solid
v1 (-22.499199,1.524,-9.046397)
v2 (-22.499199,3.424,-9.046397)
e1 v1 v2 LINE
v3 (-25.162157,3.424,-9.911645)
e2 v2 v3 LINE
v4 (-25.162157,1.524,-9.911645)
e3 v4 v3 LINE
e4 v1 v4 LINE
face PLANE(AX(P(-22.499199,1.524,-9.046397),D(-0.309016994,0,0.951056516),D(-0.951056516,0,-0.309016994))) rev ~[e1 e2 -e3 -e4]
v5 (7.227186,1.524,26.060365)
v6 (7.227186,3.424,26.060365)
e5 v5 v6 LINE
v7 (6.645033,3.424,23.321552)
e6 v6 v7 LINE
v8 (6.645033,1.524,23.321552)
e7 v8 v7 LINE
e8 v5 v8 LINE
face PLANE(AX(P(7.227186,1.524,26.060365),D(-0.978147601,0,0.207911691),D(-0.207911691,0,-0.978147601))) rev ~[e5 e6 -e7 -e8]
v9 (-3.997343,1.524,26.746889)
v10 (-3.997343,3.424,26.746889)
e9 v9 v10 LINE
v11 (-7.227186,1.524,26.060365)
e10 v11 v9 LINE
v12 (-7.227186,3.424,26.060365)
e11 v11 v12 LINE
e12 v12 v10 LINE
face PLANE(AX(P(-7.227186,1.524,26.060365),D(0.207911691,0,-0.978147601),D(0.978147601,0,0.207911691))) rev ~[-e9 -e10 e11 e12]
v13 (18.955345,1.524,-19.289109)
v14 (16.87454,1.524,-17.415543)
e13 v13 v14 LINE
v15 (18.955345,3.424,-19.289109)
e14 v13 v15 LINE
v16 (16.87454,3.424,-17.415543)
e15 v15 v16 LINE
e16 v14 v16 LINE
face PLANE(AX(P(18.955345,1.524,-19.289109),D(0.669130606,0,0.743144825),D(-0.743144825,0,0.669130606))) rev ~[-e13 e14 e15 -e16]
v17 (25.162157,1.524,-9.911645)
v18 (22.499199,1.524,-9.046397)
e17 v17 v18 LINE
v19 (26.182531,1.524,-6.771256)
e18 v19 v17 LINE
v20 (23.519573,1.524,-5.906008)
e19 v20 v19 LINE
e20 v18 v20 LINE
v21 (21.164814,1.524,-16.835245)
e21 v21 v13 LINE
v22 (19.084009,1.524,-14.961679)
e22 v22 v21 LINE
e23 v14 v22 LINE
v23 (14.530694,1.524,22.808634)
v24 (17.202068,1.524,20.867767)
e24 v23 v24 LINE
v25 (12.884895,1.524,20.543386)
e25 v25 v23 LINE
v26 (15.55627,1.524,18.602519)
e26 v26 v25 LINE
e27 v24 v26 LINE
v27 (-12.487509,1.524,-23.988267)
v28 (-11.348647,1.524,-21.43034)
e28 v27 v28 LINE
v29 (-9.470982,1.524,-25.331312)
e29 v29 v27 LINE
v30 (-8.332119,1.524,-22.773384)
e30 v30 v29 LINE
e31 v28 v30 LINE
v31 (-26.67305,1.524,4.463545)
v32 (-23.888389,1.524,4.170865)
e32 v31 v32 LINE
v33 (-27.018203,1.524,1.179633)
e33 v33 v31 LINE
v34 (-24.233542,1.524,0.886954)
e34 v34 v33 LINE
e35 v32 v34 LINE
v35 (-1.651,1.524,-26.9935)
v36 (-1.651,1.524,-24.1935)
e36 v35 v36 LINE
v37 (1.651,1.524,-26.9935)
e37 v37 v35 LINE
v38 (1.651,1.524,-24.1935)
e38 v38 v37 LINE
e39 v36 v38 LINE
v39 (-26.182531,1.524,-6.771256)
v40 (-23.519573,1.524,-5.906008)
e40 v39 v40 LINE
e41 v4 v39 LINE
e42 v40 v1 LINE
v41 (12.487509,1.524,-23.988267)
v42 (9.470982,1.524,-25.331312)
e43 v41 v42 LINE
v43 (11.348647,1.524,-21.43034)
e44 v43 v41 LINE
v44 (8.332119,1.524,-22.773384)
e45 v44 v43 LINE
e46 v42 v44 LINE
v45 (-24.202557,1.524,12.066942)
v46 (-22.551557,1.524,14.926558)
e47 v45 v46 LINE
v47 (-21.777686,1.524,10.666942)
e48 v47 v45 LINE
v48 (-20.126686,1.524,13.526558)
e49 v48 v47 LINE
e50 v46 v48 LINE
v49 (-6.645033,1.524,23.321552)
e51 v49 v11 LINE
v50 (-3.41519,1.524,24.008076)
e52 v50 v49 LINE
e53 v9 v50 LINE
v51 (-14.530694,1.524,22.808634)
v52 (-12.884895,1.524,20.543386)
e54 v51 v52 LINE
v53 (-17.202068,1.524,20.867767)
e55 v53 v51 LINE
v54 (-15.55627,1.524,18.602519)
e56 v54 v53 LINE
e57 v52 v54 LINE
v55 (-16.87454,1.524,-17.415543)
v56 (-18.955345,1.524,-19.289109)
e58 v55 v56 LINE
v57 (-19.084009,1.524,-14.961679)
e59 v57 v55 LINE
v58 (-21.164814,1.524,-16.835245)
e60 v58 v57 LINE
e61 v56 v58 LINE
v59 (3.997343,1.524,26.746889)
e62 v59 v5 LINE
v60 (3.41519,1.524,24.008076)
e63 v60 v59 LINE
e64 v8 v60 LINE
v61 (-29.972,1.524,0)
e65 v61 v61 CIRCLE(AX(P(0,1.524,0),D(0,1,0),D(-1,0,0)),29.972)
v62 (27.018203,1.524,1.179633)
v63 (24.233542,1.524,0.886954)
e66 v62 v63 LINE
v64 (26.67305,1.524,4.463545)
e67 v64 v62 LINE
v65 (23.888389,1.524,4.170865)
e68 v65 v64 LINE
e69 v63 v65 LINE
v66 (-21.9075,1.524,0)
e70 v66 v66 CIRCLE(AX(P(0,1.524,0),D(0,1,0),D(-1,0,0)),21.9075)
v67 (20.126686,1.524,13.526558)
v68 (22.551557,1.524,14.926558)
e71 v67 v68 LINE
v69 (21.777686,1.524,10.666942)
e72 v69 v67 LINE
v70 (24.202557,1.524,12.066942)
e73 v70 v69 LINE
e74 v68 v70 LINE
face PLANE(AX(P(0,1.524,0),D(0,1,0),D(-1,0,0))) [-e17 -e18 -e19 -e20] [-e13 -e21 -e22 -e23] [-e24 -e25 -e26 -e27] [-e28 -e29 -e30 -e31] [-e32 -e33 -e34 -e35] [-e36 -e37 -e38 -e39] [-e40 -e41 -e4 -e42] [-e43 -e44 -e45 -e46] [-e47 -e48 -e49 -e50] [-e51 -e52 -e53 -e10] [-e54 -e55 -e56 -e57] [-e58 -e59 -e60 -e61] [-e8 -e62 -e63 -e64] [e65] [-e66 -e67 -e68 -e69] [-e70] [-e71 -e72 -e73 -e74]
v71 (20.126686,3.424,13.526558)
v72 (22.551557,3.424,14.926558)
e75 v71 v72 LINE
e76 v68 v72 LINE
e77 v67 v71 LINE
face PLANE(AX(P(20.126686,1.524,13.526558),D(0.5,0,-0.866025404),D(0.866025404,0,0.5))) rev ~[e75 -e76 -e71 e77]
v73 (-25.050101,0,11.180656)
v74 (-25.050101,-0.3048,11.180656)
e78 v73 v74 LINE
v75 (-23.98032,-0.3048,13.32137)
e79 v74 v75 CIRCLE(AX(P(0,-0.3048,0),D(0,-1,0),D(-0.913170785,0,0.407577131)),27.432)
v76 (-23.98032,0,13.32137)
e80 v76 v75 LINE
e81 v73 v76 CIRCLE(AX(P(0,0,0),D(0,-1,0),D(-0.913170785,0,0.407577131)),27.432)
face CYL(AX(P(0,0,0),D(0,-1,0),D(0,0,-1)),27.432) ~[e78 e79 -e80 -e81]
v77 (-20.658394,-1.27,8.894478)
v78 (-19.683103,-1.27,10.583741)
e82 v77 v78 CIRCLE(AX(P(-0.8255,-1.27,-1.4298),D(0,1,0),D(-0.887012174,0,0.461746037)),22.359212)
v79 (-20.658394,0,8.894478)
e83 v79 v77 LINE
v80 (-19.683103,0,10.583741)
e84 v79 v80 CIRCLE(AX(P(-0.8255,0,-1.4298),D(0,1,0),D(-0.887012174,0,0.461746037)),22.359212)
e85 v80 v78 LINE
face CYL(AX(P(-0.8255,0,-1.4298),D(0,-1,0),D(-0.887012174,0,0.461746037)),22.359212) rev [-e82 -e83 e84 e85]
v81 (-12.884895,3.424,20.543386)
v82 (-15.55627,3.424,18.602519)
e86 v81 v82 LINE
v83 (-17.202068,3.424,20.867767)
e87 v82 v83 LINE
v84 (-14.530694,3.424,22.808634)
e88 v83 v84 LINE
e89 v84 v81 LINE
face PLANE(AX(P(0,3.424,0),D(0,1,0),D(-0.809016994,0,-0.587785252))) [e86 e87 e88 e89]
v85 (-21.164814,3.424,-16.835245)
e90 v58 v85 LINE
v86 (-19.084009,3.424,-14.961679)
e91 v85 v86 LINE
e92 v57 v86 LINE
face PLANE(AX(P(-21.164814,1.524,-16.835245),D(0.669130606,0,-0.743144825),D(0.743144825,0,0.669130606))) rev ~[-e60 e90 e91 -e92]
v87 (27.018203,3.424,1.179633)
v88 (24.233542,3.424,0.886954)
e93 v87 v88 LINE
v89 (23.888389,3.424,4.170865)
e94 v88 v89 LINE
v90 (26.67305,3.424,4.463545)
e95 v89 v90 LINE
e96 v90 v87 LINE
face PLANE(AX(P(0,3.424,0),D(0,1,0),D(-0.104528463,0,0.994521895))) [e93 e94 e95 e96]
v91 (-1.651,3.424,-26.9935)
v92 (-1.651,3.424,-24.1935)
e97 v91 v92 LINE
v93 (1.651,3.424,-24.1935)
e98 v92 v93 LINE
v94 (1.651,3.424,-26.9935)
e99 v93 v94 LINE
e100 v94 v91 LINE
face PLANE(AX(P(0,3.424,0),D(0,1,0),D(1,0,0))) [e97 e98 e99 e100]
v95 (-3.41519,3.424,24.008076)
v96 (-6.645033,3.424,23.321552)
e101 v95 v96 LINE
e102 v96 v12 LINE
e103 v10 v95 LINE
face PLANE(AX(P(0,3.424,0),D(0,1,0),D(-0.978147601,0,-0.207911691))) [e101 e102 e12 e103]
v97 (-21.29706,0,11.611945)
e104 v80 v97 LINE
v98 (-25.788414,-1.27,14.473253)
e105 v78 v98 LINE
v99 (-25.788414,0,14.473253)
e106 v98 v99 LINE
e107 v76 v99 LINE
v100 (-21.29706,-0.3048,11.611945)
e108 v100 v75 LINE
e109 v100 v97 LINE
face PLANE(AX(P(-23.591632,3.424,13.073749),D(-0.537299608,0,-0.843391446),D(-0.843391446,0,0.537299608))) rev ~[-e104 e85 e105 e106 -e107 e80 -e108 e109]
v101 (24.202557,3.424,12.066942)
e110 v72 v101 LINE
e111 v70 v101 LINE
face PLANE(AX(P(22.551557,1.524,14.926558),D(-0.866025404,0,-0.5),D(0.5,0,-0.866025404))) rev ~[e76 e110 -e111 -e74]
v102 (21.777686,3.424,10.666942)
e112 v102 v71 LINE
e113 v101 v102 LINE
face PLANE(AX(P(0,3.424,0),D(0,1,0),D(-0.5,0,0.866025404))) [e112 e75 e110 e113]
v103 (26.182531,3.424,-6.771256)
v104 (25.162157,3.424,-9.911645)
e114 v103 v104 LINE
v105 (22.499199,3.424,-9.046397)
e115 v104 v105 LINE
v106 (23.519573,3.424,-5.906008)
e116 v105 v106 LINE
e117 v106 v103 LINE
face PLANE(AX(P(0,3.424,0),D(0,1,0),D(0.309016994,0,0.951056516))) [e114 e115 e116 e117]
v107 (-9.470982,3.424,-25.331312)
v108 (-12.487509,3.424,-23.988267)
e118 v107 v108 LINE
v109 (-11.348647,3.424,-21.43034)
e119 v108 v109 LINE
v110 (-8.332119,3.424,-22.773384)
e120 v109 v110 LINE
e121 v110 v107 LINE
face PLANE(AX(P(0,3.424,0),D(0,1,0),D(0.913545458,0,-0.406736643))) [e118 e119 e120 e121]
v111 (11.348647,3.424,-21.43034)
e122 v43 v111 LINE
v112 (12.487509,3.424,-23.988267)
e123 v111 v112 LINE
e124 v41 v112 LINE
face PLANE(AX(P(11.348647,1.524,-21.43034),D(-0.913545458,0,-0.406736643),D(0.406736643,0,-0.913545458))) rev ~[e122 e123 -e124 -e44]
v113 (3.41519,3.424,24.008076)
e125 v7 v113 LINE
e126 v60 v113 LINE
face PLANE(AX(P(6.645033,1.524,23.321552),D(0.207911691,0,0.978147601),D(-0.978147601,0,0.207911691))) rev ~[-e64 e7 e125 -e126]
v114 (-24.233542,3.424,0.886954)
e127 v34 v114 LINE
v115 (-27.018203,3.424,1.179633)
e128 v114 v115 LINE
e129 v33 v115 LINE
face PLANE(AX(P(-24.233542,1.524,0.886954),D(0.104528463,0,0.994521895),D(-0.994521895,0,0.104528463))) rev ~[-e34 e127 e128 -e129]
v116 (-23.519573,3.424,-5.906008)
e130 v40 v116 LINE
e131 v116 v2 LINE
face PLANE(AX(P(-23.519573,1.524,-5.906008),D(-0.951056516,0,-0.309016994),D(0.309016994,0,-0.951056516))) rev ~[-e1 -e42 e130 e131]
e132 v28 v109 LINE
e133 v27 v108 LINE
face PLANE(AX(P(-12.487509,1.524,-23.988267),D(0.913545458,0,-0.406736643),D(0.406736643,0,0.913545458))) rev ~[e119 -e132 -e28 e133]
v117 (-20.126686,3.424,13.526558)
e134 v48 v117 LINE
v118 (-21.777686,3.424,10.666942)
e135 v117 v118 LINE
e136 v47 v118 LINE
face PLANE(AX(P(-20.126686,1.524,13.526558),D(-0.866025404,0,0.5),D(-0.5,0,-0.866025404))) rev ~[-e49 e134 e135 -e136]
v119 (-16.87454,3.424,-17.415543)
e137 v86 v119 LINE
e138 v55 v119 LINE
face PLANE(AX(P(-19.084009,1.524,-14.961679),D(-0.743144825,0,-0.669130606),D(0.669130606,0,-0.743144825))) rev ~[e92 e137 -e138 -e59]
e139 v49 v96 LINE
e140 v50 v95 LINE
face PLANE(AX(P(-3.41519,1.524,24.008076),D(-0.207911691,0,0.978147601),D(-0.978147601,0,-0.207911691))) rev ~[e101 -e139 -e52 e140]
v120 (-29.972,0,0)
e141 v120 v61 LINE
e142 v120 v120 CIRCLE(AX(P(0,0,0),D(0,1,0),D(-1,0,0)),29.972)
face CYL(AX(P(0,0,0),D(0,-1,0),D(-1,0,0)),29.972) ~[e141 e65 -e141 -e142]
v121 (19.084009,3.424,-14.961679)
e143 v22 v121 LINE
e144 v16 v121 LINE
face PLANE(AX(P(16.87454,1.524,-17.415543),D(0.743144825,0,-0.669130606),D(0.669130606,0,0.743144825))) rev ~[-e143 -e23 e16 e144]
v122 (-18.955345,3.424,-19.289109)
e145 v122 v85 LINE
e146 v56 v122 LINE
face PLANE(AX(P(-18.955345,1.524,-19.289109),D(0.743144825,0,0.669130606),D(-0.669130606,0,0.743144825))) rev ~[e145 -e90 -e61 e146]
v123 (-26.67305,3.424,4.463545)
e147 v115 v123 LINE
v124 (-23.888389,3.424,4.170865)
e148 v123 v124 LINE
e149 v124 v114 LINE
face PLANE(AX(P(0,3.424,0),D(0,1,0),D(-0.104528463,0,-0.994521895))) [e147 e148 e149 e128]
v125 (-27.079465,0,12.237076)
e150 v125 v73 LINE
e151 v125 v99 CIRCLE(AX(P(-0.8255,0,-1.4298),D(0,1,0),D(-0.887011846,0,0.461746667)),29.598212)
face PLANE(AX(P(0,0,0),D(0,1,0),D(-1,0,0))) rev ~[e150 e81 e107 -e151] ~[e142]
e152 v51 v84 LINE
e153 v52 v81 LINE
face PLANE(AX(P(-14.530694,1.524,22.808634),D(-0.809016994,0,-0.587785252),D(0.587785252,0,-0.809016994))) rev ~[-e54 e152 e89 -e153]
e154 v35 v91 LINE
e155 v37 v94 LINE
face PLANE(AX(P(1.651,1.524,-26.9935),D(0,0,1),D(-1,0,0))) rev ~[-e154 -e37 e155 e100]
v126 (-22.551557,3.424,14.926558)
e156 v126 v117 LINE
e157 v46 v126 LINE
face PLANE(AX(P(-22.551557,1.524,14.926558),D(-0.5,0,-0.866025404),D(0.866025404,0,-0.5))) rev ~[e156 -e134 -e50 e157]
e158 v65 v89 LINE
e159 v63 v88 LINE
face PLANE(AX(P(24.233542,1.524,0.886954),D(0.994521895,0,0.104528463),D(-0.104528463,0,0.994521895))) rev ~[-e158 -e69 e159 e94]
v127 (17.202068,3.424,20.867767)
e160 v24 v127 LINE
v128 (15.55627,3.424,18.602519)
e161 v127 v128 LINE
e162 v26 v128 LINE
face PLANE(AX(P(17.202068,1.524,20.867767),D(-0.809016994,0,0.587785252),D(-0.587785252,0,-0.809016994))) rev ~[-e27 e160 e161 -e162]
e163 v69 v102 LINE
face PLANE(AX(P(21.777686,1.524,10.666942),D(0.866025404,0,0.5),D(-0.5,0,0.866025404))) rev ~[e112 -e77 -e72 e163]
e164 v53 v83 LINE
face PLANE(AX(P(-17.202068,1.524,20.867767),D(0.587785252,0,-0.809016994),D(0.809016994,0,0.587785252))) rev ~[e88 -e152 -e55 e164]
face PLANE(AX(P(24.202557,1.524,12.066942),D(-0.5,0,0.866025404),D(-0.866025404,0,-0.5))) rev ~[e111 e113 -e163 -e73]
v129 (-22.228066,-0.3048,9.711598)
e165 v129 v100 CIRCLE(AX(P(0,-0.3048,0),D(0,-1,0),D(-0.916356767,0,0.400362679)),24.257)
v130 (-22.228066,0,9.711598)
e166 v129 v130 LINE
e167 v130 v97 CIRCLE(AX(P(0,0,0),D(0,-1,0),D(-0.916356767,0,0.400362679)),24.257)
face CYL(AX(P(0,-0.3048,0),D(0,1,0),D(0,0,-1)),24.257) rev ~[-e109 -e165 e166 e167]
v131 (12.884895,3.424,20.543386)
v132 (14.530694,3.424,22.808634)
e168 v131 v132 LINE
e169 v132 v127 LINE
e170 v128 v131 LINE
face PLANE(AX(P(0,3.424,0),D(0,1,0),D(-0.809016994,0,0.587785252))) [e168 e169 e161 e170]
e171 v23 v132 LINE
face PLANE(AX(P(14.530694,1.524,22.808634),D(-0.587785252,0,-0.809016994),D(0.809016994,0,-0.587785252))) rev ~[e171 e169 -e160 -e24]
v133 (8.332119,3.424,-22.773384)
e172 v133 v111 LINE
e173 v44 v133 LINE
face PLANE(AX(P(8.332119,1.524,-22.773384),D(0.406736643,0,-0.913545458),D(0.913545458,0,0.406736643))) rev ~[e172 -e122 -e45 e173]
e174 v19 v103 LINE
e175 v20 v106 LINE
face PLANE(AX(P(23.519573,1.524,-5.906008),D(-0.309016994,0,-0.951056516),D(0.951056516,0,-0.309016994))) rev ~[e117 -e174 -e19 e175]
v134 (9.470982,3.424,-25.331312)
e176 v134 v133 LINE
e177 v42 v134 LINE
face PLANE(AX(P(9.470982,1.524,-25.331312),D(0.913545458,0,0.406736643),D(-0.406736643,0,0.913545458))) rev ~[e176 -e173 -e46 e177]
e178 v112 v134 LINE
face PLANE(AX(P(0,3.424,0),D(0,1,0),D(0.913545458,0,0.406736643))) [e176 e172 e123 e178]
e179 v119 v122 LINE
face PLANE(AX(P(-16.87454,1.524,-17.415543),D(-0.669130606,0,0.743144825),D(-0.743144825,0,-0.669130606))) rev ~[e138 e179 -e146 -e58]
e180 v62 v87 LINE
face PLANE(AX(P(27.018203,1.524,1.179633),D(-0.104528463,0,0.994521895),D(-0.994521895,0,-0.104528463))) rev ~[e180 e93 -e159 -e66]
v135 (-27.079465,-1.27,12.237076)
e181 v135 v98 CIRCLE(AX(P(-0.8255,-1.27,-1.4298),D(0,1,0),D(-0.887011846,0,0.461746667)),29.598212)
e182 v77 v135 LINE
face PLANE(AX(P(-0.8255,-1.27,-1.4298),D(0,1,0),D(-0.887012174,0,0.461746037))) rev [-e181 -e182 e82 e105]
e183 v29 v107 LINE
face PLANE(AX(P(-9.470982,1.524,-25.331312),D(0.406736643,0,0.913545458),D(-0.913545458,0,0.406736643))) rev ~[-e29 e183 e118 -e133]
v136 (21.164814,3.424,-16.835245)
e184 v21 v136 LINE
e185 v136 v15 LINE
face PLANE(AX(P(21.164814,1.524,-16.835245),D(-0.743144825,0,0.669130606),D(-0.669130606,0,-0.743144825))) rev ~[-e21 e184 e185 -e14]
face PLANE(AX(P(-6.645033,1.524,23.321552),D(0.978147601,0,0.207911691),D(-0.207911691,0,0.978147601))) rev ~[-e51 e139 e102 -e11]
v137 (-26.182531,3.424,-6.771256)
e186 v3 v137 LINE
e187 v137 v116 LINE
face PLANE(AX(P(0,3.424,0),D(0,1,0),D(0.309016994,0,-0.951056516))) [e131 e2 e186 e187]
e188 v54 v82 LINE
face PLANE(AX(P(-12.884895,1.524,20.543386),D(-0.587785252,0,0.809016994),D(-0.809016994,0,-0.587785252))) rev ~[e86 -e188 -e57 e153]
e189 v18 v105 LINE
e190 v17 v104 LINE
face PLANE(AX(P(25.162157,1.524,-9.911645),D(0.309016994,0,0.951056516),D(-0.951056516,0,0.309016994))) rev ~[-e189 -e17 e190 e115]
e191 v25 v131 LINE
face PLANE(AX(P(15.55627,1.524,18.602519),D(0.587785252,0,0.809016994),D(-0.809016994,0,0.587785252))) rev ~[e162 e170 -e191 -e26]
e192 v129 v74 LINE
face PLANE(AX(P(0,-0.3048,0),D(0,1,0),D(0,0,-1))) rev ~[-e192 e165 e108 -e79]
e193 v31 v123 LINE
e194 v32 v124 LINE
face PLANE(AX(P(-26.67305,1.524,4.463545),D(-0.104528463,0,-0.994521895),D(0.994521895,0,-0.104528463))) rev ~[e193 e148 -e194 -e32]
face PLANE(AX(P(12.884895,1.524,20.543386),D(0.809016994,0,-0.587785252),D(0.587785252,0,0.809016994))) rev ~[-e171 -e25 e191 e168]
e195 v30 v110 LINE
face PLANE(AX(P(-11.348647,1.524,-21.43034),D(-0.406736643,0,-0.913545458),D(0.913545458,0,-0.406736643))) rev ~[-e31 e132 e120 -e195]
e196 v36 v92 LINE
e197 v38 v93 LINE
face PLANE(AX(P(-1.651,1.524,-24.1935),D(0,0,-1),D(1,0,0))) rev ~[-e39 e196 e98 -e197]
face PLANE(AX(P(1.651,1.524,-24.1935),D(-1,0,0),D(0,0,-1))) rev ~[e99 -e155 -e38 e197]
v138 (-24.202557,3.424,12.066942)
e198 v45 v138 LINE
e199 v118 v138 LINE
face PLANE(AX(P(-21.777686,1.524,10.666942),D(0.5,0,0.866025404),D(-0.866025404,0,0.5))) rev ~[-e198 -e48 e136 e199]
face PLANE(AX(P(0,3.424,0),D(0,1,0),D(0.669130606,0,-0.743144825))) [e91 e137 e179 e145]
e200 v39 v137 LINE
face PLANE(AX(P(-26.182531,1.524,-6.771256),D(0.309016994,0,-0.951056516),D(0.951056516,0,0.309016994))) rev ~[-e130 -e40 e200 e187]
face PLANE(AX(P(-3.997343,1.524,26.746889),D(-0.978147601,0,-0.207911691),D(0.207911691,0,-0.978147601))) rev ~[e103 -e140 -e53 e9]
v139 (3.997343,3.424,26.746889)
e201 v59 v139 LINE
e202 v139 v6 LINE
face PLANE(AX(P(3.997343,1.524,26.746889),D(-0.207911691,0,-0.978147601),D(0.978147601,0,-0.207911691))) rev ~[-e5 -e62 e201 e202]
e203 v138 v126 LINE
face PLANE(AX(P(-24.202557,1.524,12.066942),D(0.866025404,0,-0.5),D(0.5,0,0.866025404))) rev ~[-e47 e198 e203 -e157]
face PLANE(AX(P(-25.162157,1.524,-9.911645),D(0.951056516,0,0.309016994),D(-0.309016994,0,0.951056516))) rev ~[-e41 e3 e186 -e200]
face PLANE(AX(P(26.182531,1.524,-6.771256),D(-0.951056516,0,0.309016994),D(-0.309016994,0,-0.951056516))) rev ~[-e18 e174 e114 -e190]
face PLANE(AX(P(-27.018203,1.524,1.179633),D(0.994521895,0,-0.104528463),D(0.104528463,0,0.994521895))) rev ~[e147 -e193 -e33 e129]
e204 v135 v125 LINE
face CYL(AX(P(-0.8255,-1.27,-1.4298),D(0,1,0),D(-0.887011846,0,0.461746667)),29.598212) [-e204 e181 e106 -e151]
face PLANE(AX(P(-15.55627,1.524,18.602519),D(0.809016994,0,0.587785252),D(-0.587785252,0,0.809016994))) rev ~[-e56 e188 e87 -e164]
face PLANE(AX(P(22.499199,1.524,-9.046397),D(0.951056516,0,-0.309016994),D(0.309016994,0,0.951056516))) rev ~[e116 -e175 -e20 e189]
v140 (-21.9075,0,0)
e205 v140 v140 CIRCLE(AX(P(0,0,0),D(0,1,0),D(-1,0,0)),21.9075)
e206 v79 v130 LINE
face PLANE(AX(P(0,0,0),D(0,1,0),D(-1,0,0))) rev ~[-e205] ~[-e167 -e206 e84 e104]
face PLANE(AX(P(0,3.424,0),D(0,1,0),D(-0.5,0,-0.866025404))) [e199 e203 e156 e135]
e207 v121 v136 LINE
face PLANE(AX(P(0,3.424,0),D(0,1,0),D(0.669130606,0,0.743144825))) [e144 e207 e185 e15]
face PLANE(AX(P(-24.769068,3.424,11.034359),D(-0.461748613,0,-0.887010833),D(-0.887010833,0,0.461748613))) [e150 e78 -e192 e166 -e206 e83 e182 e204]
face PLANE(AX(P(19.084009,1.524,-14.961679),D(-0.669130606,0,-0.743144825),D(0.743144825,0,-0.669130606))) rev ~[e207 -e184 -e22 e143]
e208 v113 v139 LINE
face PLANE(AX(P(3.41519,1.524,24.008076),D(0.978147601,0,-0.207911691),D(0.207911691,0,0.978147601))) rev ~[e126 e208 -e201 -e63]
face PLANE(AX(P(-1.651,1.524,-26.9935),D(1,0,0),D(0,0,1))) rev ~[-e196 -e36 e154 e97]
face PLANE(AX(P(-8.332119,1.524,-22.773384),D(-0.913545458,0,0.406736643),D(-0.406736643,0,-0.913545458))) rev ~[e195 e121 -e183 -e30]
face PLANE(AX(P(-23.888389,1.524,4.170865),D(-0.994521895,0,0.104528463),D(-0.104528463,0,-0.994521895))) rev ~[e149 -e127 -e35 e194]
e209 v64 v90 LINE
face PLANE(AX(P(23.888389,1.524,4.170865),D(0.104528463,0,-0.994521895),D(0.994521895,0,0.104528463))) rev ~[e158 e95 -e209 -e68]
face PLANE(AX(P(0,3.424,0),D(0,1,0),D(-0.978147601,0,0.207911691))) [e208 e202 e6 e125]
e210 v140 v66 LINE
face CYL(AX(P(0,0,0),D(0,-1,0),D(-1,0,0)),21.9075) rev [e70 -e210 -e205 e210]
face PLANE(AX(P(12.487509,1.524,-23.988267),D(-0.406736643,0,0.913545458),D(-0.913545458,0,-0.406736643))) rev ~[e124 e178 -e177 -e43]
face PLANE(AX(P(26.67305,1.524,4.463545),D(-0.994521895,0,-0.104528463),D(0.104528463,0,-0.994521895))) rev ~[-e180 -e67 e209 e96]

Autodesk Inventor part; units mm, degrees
ref_plane "YZ Plane" through (0, 0, 0) normal (1, 0, 0) x (0, 1, 0)
ref_plane "XZ Plane" through (0, 0, 0) normal (0, 1, 0) x (-1, 0, 0)
ref_plane "XY Plane" through (0, 0, 0) normal (0, 0, 1) x (1, 0, 0)
sketch "Sketch1" plane through (0, 0, 0) normal (0, 1, 0) x (-1, 0, 0)
  circle A0 centre (0, 0) radius 21.9075
  circle A1 centre (0, 0) radius 29.972
  dimension "d0" = 59.944
  dimension "d1" = 43.815
extrude "Extrusion1" add sketch "Sketch1" along normal blind 1.524
sketch "Sketch2" plane through (0, 1.524, 0) normal (0, 1, 0) x (1, 0, 0)
  circle A0 centre (0, 0) radius 21.9075 projected
  line L0 (-1.651, 24.1935) -> (1.651, 24.1935)
  line L1 (1.651, 24.1935) -> (1.651, 26.9935)
  line L2 (1.651, 26.9935) -> (-1.651, 26.9935)
  line L3 (-1.651, 26.9935) -> (-1.651, 24.1935)
  line L4 (-1.651, 24.1935) -> (1.651, 26.9935) construction
  line L5 (1.651, 24.1935) -> (-1.651, 26.9935) construction
  circle A1 centre (0, 0) radius 29.972 projected
  point P0 (0, 25.5935)
  point P1 (0, 25.5935)
  dimension "d4" = 3.302
  dimension "d5" = 2.8
  dimension "d12" = 24.1935
extrude "Extrusion2" add sketch "Sketch2" along normal blind 1.9 contours L3 L2 L1 L0
pattern_circular "Circular Pattern1" count 15 over 360 about axis through (0, 0, 0) along (0, 1, 0) of "Extrusion2"
sketch "Sketch4" plane through (0, 0, 0) normal (1, 0, 0) x (0, 1, 0)
  line L0 (0, -27.432) -> (-0.3048, -27.432)
  line L1 (-0.3048, -27.432) -> (-0.3048, -24.257)
  line L2 (-0.3048, -24.257) -> (0, -24.257)
  line L3 (0, -24.257) -> (0, -27.432)
  line L4 (0, 29.972) -> (0, -29.972) projected
  line L5 (-1.0506, 0) -> (4.1698, 0) projected
  point P0 (0, 0)
  dimension "d21" = 3.175
  dimension "d22" = 0.3048
  dimension "d23" = 2.54
revolve "Revolution1" add sketch "Sketch4" angle 360 about axis through (0, -10, 0) along (0, 1, 0)
ref_plane "Work Plane1" through (-24.2026, 3.424, 12.0669) normal (-0.5, 0, -0.866) x (-0.866, 0, 0.5)
sketch "Sketch5" plane through (-24.2026, 3.424, 12.0669) normal (-0.5, 0, -0.866) x (-0.866, 0, 0.5)
  line L0 (-56.9655, -3.424) -> (2.9785, -3.424) projected
  line L1 (0.4385, -3.424) -> (-54.4255, -3.424) projected
  line L2 (2.6047, -3.424) -> (-4.6343, -3.424)
  line L3 (-4.6343, -3.424) -> (-4.6343, -4.694)
  line L4 (-4.6343, -4.694) -> (2.6047, -4.694)
  line L5 (2.6047, -4.694) -> (2.6047, -3.424)
  line L6 (-26.9935, -5.6328) -> (-26.9935, 0.9388) projected
  point P0 (-26.9935, -3.424)
  dimension "d25" = 1.27
  dimension "d26" = 0.3738
  dimension "d27" = 7.239
revolve "Revolution2" add sketch "Sketch5" angle 5 mid plane about axis through (-0.8255, -10, -1.4298) along (0, 1, 0)
properties part number "LEDRing"
